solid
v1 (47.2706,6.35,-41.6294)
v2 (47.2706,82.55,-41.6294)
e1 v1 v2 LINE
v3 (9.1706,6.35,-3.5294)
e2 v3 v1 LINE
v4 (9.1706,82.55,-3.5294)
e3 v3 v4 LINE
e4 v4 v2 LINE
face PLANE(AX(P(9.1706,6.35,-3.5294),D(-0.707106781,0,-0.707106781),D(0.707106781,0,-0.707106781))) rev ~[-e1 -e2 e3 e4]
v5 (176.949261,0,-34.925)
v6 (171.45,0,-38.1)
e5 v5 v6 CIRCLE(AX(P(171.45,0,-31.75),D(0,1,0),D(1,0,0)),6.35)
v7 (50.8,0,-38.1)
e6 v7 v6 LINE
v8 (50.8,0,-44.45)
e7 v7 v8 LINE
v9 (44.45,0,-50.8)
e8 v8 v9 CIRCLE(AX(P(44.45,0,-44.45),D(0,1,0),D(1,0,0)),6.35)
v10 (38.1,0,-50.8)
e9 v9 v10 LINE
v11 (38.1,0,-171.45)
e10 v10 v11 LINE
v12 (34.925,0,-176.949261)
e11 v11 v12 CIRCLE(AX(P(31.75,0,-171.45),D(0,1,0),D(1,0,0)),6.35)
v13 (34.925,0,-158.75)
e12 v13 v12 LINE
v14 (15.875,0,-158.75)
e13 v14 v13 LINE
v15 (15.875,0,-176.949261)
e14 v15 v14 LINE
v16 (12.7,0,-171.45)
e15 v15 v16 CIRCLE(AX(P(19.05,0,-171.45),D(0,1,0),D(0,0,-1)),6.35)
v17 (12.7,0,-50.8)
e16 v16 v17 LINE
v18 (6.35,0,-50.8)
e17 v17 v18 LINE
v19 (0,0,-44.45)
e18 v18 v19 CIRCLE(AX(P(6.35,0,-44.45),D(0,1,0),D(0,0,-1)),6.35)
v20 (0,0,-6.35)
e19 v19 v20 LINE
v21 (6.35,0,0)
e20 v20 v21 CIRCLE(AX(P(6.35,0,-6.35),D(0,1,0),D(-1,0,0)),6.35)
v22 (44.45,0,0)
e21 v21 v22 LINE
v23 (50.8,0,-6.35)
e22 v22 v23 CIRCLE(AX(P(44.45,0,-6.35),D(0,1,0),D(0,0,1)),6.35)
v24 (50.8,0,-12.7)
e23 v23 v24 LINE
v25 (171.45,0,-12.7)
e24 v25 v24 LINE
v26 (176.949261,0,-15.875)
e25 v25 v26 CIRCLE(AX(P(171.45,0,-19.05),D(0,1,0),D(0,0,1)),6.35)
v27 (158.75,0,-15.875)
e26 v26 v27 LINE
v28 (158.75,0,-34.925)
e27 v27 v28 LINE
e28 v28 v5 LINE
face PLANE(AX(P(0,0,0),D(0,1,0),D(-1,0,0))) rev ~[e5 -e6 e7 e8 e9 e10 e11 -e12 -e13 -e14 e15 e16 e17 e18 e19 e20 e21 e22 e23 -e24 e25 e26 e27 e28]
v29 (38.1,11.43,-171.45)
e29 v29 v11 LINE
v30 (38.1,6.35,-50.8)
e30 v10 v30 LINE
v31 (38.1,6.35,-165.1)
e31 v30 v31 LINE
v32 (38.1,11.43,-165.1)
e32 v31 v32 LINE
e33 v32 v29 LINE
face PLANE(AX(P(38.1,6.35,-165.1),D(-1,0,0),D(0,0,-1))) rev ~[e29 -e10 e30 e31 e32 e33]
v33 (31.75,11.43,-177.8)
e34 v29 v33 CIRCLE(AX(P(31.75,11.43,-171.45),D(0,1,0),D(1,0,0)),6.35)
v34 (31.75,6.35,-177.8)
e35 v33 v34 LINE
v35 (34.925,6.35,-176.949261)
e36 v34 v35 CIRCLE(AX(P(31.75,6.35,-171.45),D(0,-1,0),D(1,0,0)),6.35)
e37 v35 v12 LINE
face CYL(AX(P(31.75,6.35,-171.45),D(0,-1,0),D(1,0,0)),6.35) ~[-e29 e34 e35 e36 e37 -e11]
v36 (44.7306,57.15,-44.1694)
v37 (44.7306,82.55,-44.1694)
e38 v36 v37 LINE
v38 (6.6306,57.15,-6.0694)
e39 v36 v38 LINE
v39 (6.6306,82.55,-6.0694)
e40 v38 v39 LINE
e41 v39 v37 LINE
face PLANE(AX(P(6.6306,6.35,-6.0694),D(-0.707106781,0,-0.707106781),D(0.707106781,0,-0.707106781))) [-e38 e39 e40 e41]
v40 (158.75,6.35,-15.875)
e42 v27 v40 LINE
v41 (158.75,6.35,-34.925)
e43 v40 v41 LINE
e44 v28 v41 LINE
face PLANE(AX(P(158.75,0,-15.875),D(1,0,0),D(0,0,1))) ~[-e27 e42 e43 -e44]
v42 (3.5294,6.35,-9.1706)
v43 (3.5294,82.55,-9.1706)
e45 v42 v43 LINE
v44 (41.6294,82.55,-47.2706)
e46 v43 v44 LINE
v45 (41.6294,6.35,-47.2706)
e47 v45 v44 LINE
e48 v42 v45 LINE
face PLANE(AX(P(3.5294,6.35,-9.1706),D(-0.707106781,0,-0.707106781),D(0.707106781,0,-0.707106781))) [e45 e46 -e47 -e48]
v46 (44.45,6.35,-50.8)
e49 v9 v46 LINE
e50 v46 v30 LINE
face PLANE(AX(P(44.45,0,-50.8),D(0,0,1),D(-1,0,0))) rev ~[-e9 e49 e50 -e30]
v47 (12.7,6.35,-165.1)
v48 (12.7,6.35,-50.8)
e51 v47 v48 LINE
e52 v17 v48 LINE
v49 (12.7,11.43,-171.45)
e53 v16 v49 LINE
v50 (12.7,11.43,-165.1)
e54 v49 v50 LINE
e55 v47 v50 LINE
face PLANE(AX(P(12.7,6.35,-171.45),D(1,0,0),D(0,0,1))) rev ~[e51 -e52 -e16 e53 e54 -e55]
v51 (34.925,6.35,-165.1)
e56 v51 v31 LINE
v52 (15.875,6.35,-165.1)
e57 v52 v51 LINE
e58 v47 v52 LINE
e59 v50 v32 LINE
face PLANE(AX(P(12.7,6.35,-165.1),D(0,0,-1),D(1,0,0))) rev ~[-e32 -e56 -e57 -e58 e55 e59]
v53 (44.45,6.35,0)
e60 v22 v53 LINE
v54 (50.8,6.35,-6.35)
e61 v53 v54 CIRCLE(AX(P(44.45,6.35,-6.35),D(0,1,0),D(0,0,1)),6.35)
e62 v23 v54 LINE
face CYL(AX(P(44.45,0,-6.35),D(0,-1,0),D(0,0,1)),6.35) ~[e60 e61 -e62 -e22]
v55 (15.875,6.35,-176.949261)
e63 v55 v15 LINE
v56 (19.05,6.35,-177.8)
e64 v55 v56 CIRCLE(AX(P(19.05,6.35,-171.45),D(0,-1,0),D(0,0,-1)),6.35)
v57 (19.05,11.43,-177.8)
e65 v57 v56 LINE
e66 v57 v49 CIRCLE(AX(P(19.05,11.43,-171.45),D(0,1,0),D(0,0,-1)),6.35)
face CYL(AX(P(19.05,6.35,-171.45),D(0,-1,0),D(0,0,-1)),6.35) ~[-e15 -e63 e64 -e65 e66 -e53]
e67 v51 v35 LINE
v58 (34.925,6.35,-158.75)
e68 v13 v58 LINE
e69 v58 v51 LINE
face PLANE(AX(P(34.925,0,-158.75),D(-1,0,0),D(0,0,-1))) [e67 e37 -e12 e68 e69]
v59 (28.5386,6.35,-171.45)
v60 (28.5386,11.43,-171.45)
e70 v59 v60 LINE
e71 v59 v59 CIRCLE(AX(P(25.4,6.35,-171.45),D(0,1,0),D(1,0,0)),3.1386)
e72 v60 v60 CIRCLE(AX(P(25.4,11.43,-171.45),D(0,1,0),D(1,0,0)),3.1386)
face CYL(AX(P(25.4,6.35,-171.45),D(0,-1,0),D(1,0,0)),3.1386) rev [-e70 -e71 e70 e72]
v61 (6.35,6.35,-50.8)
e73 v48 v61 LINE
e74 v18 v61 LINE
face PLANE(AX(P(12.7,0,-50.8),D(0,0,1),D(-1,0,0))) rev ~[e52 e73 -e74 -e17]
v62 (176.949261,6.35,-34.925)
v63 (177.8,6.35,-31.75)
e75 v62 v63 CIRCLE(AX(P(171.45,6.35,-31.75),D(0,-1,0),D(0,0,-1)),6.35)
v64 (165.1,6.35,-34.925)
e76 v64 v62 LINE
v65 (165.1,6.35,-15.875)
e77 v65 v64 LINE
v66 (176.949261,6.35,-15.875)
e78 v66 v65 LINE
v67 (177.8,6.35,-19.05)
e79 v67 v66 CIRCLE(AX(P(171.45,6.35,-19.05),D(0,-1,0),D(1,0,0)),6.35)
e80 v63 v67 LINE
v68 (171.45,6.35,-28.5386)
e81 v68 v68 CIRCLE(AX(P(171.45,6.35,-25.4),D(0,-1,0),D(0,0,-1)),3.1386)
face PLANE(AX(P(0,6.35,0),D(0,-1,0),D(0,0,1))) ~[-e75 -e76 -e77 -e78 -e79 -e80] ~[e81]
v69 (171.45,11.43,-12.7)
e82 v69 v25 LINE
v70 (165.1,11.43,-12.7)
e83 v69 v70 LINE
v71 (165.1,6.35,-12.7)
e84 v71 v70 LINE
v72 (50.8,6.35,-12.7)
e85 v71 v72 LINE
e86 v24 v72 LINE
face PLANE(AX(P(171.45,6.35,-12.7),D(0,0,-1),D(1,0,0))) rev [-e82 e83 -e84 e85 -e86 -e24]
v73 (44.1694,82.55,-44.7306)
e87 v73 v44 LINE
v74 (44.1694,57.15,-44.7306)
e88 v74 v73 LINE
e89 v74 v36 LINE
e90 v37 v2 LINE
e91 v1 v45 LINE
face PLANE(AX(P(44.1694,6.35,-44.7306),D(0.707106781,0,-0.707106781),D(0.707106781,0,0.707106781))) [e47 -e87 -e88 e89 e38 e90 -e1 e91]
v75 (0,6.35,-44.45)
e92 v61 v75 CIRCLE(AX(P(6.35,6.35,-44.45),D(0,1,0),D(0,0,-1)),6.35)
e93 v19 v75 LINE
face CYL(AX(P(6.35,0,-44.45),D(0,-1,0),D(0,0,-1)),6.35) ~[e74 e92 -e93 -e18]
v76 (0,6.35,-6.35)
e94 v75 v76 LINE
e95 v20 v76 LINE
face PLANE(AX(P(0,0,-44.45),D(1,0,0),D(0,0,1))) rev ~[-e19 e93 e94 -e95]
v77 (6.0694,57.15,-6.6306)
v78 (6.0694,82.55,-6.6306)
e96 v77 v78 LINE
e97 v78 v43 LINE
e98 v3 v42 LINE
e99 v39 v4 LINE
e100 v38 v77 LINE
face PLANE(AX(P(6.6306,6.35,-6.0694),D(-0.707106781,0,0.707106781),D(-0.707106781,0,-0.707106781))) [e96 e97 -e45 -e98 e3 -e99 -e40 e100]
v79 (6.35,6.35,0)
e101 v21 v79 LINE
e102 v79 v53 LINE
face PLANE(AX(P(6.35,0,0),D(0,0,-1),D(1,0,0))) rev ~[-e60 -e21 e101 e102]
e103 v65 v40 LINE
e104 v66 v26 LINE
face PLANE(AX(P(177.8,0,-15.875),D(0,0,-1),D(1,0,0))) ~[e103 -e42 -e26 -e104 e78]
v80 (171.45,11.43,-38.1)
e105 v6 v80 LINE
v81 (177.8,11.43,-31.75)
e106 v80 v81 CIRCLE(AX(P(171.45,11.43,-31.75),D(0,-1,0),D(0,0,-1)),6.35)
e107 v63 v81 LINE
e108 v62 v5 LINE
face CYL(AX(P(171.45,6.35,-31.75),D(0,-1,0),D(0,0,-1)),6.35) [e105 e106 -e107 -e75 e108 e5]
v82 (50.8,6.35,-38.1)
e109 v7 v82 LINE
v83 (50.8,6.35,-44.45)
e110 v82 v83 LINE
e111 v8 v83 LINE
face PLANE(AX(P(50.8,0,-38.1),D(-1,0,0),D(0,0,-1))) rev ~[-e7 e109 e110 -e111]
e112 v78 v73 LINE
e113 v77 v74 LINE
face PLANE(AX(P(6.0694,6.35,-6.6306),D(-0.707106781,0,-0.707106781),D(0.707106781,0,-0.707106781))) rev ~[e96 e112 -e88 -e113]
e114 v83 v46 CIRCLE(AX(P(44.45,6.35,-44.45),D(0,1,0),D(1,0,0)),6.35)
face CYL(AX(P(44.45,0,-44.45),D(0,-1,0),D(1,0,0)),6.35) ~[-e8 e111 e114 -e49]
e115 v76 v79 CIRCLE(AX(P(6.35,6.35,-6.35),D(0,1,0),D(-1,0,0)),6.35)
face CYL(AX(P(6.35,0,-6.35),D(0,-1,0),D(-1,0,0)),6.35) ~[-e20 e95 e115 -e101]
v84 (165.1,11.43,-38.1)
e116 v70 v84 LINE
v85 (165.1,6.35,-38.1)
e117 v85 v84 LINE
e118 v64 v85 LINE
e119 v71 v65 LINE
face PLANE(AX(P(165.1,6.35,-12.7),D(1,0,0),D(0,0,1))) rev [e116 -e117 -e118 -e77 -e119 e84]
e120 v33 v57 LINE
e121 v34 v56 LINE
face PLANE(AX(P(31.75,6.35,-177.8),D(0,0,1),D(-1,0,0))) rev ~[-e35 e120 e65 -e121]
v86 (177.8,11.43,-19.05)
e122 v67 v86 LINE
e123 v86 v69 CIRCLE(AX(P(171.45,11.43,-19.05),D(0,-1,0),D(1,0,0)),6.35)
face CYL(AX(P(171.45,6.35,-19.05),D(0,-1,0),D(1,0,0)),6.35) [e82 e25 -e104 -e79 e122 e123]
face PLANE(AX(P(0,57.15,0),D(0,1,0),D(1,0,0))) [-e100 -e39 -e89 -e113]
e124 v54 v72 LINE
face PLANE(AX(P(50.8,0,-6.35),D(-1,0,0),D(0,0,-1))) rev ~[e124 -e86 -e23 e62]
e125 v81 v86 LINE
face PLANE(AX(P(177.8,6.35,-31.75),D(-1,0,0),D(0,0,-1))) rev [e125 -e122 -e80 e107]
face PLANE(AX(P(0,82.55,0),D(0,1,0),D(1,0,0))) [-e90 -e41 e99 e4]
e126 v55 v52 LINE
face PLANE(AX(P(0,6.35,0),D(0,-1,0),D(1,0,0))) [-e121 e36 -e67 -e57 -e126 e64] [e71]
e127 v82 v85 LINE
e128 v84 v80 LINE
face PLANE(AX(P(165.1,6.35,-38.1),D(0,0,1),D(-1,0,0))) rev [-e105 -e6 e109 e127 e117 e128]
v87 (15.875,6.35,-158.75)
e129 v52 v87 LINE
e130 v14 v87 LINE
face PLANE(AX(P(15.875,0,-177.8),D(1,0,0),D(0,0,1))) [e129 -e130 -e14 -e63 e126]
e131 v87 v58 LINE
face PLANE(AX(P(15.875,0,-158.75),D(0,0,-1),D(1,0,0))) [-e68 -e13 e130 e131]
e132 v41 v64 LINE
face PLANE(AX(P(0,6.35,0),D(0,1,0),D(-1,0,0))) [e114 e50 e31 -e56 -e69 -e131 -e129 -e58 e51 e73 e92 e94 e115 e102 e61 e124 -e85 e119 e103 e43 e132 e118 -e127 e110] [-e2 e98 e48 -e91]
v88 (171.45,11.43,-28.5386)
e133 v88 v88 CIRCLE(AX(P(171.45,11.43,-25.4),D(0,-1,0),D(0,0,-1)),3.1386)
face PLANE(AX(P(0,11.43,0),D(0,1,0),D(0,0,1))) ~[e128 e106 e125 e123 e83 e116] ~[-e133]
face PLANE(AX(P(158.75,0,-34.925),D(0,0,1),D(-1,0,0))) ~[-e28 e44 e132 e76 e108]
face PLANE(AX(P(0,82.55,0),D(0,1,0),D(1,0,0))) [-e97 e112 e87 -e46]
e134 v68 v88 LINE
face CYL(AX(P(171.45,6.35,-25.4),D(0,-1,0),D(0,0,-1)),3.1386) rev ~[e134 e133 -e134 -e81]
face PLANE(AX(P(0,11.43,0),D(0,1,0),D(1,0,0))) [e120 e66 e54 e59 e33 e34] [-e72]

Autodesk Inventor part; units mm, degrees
ref_plane "YZ Plane" through (0, 0, 0) normal (1, 0, 0) x (0, 1, 0)
ref_plane "XZ Plane" through (0, 0, 0) normal (0, 1, 0) x (-1, 0, 0)
sketch "Sketch1" plane through (0, 0, 0) normal (0, 1, 0) x (-1, 0, 0)
  line L0 (-6.35, 0) -> (-44.45, 0)
  line L1 (0, -44.45) -> (0, -6.35)
  line L2 (-38.1, -50.8) -> (-38.1, -171.45)
  line L3 (-31.75, -177.8) -> (-19.05, -177.8)
  line L4 (-12.7, -171.45) -> (-12.7, -50.8)
  line L5 (-25.4, 0) -> (-25.4, -50.8) construction
  line L6 (-44.45, -50.8) -> (-25.4, -50.8)
  line L7 (-12.7, -50.8) -> (-6.35, -50.8)
  line L8 (0, 0) -> (-50.8, -50.8) construction
  line L9 (-50.8, -38.1) -> (-171.45, -38.1)
  line L10 (-177.8, -31.75) -> (-177.8, -19.05)
  line L11 (-171.45, -12.7) -> (-50.8, -12.7)
  line L12 (-50.8, -6.35) -> (-50.8, -12.7)
  line L13 (-50.8, -38.1) -> (-50.8, -44.45)
  arc A0 (-50.8, -44.45) -> (-44.45, -50.8) centre (-44.45, -44.45) ccw
  arc A1 (-6.35, -50.8) -> (0, -44.45) centre (-6.35, -44.45) ccw
  arc A2 (0, -6.35) -> (-6.35, 0) centre (-6.35, -6.35) ccw
  arc A3 (-44.45, 0) -> (-50.8, -6.35) centre (-44.45, -6.35) ccw
  arc A4 (-19.05, -177.8) -> (-12.7, -171.45) centre (-19.05, -171.45) ccw
  arc A5 (-38.1, -171.45) -> (-31.75, -177.8) centre (-31.75, -171.45) ccw
  arc A6 (-171.45, -12.7) -> (-177.8, -19.05) centre (-171.45, -19.05) ccw
  arc A7 (-177.8, -31.75) -> (-171.45, -38.1) centre (-171.45, -31.75) ccw
  point P0 (-50.8, 0)
  point P1 (0, -50.8)
  point P2 (-38.1, -177.8)
  point P3 (-12.7, -177.8)
  point P4 (-177.8, -38.1)
  point P5 (-177.8, -12.7)
  dimension "d0" = 50.8
  dimension "d1" = 50.8
  dimension "d2" = 25.4
  dimension "d3" = 127
  dimension "d4" = 6.35
  dimension "d5" = 6.35
  dimension "d6" = 6.35
extrude "Extrusion2" add sketch "Sketch1" along normal blind 6.35
sketch "Sketch2" plane through (0, 6.35, 0) normal (0, 1, 0) x (1, 0, 0)
  arc A0 (50.8, 44.45) -> (44.45, 50.8) centre (44.45, 44.45) ccw construction
  arc A1 (0, 6.35) -> (6.35, 0) centre (6.35, 6.35) ccw construction
  line L0 (44.45, 44.45) -> (6.35, 6.35) construction
  line L1 (6.6306, 6.0694) -> (44.7306, 44.1694)
  line L2 (6.6306, 6.0694) -> (9.1706, 3.5294)
  line L3 (9.1706, 3.5294) -> (47.2706, 41.6294)
  line L4 (44.7306, 44.1694) -> (47.2706, 41.6294)
  line L5 (6.0694, 6.6306) -> (44.1694, 44.7306)
  line L6 (6.0694, 6.6306) -> (3.5294, 9.1706)
  line L7 (3.5294, 9.1706) -> (41.6294, 47.2706)
  line L8 (44.1694, 44.7306) -> (41.6294, 47.2706)
  point P0 (0, 0)
  dimension "d14" = 38.1
  dimension "d15" = 0.3969
  dimension "d16" = 0.2806
  dimension "d17" = 90
  dimension "d18" = 2.54
extrude "Extrusion3" add sketch "Sketch2" along normal blind 76.2
sketch "Sketch3" plane through (0, 6.35, 0) normal (0, 1, 0) x (1, 0, 0)
  line L0 (6.0694, 6.6306) -> (44.1694, 44.7306) projected
  line L1 (47.2706, 41.6294) -> (44.7306, 44.1694) projected
  line L2 (44.1694, 44.7306) -> (44.7306, 44.1694)
  line L3 (44.7306, 44.1694) -> (6.6306, 6.0694) projected
  line L4 (44.7306, 44.1694) -> (6.6306, 6.0694)
  line L5 (6.0694, 6.6306) -> (3.5294, 9.1706) projected
  line L6 (6.6306, 6.0694) -> (6.0694, 6.6306)
  line L7 (6.0694, 6.6306) -> (44.1694, 44.7306)
  point P0 (0, 0)
extrude "Extrusion4" add sketch "Sketch3" along normal blind 50.8
sketch "Sketch4" plane through (0, 6.35, 0) normal (0, 1, 0) x (1, 0, 0)
  arc A0 (19.05, 177.8) -> (12.7, 171.45) centre (19.05, 171.45) ccw construction
  arc A1 (38.1, 171.45) -> (31.75, 177.8) centre (31.75, 171.45) ccw construction
  line L0 (19.05, 171.45) -> (31.75, 171.45) construction
  circle A2 centre (25.4, 171.45) radius 3.1386
  line L1 (12.7, 171.45) -> (12.7, 50.8) projected
  line L2 (12.7, 165.1) -> (38.1, 165.1)
  line L3 (38.1, 165.1) -> (38.1, 171.45)
  line L4 (12.7, 165.1) -> (12.7, 171.45)
  line L5 (31.75, 177.8) -> (19.05, 177.8) projected
  line L6 (19.05, 177.8) -> (31.75, 177.8)
  arc A3 (19.05, 177.8) -> (12.7, 171.45) centre (19.05, 171.45) ccw
  arc A4 (38.1, 171.45) -> (31.75, 177.8) centre (31.75, 171.45) ccw
  point P0 (0, 0)
  point P1 (14.5599, 175.9401)
  dimension "d23" = 6.2773
  dimension "d68" = 6.35
ref_plane "Work Plane1" through (48.9401, 6.35, -48.9401) normal (-0.7071, 0, -0.7071) x (0, -1, 0)
extrude "Extrusion6" add sketch "Sketch4" along normal blind 5.08
sketch "Sketch11" plane through (0, 0, 0) normal (0, -1, 0) x (1, 0, 0)
  line L0 (34.925, -177.8) -> (15.875, -177.8) construction
  line L1 (25.4, -177.8) -> (25.4, -169.6336) construction
  line L2 (34.925, -177.8) -> (15.875, -177.8)
  line L3 (15.875, -177.8) -> (15.875, -158.75)
  line L4 (15.875, -158.75) -> (34.925, -158.75)
  line L5 (34.925, -158.75) -> (34.925, -177.8)
  line L6 (31.75, -177.8) -> (19.05, -177.8) projected
  point P0 (0, 0)
  dimension "d71" = 19.05
  dimension "d74" = 19.05
extrude "Extrusion7" cut sketch "Sketch11" against normal blind 6.35
mirror "Mirror2" about plane through (48.9401, 6.35, -48.9401) normal (-0.7071, 0, -0.7071) of "Extrusion6", "Extrusion7"
equation "\"d37\" = 55deg"
equation "\"Sketch5_Pitch\" = 1.27"
equation "\"d56\" = 55deg"
equation "\"Sketch8_Pitch\" = 1.27"
properties part number "beamsplitter main"
